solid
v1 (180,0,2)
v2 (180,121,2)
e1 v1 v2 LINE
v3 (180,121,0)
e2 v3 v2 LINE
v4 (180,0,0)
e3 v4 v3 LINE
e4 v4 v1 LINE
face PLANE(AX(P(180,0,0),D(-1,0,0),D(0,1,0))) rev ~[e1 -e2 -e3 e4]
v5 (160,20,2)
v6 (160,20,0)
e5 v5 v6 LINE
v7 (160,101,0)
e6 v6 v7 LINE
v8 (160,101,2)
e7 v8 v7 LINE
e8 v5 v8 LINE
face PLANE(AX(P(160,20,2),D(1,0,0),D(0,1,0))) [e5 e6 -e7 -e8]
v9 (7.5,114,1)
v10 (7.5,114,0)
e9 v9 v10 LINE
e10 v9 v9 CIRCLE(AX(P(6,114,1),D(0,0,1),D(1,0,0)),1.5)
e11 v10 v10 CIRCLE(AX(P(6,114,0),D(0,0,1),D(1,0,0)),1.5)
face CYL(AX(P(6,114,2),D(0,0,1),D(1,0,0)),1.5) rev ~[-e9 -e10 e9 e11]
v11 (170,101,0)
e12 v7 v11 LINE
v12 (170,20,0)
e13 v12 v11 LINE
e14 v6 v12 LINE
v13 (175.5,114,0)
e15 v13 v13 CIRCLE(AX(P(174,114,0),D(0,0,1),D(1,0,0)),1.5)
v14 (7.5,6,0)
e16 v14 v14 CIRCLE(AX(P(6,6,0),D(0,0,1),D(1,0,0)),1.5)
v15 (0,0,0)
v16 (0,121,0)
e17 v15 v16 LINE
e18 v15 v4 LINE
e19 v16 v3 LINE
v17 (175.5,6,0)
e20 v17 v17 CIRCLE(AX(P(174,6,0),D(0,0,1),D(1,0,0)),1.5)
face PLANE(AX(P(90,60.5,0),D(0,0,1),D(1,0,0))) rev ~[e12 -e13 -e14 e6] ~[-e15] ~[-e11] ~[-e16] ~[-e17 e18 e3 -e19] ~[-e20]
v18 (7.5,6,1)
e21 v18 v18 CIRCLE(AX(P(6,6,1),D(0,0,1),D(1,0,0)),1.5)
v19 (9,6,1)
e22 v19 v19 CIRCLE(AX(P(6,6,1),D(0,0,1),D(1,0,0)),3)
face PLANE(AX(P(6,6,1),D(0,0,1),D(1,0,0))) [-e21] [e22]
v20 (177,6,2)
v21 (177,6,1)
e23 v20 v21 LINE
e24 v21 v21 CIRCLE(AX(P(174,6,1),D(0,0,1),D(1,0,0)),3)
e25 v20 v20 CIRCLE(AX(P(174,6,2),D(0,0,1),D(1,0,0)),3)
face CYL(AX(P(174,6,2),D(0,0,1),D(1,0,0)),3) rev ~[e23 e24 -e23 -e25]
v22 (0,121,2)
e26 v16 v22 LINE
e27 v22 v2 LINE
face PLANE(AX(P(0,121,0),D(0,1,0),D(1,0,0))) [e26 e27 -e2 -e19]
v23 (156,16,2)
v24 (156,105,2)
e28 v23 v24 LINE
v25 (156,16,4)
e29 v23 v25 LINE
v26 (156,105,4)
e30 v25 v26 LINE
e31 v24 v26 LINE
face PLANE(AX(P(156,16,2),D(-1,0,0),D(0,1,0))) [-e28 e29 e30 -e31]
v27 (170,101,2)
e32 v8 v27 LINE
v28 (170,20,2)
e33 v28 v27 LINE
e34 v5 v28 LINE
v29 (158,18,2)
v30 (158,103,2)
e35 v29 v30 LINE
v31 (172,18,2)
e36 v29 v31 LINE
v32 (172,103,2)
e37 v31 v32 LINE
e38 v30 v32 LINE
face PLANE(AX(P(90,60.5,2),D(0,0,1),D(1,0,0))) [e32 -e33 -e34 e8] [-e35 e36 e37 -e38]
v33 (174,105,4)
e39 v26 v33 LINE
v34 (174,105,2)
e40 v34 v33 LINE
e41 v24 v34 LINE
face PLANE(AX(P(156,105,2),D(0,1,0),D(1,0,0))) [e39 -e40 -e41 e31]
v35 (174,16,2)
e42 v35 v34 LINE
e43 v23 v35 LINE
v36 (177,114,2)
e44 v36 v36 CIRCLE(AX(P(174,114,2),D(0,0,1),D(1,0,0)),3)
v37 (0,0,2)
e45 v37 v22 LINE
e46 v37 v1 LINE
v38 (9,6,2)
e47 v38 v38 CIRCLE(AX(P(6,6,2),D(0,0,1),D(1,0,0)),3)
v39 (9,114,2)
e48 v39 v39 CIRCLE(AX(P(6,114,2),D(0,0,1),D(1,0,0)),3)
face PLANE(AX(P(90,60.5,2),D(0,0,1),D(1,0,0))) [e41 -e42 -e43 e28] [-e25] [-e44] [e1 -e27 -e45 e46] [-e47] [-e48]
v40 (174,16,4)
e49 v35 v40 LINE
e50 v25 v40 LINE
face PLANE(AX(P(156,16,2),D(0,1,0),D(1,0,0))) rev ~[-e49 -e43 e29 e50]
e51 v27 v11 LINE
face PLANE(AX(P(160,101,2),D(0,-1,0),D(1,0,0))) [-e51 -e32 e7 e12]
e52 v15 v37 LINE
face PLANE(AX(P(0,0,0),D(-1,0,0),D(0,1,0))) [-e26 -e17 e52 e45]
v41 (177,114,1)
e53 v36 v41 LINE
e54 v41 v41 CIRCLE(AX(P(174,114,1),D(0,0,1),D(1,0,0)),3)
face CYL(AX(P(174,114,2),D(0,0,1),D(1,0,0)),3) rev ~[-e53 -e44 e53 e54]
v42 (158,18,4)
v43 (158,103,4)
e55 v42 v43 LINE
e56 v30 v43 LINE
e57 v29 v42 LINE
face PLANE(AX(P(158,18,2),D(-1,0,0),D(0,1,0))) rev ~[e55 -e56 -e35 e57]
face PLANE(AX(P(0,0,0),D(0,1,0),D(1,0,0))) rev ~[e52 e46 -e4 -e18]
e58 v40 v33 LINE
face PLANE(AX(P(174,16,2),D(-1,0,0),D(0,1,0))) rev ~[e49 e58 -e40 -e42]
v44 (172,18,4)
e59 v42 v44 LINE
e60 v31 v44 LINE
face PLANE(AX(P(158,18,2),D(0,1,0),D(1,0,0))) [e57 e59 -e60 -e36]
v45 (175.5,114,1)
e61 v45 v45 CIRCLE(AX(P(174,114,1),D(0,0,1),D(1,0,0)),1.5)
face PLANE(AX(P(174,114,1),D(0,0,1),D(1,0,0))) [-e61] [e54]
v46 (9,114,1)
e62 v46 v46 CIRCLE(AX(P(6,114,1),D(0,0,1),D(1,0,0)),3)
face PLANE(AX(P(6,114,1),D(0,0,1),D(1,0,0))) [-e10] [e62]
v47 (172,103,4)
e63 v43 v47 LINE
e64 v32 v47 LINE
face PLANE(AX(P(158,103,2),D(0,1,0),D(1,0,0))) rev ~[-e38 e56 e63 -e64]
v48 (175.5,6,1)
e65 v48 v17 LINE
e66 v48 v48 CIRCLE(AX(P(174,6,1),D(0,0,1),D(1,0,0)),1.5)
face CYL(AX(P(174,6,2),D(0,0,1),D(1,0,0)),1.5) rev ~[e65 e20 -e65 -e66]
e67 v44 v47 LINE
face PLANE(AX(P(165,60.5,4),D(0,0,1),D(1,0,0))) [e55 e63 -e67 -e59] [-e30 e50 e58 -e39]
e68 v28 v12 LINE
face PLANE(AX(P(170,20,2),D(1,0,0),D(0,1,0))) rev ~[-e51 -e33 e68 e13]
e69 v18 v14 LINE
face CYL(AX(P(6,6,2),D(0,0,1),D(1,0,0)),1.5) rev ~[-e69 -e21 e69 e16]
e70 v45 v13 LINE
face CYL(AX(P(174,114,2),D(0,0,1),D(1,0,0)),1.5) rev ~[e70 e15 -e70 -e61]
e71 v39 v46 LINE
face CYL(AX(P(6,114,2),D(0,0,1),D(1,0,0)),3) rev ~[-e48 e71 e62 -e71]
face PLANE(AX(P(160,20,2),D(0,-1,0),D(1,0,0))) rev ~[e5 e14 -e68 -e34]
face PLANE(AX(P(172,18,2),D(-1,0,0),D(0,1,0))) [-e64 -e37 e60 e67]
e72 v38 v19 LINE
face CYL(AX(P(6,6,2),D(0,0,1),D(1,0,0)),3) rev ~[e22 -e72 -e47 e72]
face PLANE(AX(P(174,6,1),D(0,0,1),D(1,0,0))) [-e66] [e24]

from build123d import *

# Parameters (mm, degrees)
SKETCH_W        = 180
SKETCH_H        = 121
PAD_DEPTH       = 2
SKETCH001_R     = 1.5
SKETCH001_W     = 10
SKETCH001_H     = 81
POCKET_DEPTH    = 2
SKETCH002_R     = 3
POCKET001_DEPTH = 1
SKETCH003_W     = 18
SKETCH003_H     = 89
SKETCH003_W_2   = 14
SKETCH003_H_2   = 85
PAD001_DEPTH    = 2


with BuildPart() as part:
    # Sketch → Pad (new body)
    with BuildSketch(Plane.XY):
        with Locations((90, 60.5)):
            Rectangle(SKETCH_W, SKETCH_H)
    extrude(amount=PAD_DEPTH)

    # Sketch001 → Pocket (cut)
    with BuildSketch(Plane.XY.offset(2)):
        with Locations((6, 6)):
            Circle(SKETCH001_R)
        with Locations((6, 114)):
            Circle(SKETCH001_R)
        with Locations((174, 114)):
            Circle(SKETCH001_R)
        with Locations((174, 6)):
            Circle(SKETCH001_R)
        with Locations((165, 60.5)):
            Rectangle(SKETCH001_W, SKETCH001_H)
    extrude(amount=-POCKET_DEPTH, mode=Mode.SUBTRACT)

    # Sketch002 → Pocket001 (cut)
    with BuildSketch(Plane.XY.offset(2)):
        with Locations((6, 6)):
            Circle(SKETCH002_R)
        with Locations((6, 114)):
            Circle(SKETCH002_R)
        with Locations((174, 114)):
            Circle(SKETCH002_R)
        with Locations((174, 6)):
            Circle(SKETCH002_R)
    extrude(amount=-POCKET001_DEPTH, mode=Mode.SUBTRACT)

    # Sketch003 → Pad001 (new body)
    with BuildSketch(Plane.XY.offset(2)):
        with Locations((165, 60.5)):
            Rectangle(SKETCH003_W, SKETCH003_H)
        with Locations((165, 60.5)):
            Rectangle(SKETCH003_W_2, SKETCH003_H_2, mode=Mode.SUBTRACT)
    extrude(amount=PAD001_DEPTH)


solid = part.part
